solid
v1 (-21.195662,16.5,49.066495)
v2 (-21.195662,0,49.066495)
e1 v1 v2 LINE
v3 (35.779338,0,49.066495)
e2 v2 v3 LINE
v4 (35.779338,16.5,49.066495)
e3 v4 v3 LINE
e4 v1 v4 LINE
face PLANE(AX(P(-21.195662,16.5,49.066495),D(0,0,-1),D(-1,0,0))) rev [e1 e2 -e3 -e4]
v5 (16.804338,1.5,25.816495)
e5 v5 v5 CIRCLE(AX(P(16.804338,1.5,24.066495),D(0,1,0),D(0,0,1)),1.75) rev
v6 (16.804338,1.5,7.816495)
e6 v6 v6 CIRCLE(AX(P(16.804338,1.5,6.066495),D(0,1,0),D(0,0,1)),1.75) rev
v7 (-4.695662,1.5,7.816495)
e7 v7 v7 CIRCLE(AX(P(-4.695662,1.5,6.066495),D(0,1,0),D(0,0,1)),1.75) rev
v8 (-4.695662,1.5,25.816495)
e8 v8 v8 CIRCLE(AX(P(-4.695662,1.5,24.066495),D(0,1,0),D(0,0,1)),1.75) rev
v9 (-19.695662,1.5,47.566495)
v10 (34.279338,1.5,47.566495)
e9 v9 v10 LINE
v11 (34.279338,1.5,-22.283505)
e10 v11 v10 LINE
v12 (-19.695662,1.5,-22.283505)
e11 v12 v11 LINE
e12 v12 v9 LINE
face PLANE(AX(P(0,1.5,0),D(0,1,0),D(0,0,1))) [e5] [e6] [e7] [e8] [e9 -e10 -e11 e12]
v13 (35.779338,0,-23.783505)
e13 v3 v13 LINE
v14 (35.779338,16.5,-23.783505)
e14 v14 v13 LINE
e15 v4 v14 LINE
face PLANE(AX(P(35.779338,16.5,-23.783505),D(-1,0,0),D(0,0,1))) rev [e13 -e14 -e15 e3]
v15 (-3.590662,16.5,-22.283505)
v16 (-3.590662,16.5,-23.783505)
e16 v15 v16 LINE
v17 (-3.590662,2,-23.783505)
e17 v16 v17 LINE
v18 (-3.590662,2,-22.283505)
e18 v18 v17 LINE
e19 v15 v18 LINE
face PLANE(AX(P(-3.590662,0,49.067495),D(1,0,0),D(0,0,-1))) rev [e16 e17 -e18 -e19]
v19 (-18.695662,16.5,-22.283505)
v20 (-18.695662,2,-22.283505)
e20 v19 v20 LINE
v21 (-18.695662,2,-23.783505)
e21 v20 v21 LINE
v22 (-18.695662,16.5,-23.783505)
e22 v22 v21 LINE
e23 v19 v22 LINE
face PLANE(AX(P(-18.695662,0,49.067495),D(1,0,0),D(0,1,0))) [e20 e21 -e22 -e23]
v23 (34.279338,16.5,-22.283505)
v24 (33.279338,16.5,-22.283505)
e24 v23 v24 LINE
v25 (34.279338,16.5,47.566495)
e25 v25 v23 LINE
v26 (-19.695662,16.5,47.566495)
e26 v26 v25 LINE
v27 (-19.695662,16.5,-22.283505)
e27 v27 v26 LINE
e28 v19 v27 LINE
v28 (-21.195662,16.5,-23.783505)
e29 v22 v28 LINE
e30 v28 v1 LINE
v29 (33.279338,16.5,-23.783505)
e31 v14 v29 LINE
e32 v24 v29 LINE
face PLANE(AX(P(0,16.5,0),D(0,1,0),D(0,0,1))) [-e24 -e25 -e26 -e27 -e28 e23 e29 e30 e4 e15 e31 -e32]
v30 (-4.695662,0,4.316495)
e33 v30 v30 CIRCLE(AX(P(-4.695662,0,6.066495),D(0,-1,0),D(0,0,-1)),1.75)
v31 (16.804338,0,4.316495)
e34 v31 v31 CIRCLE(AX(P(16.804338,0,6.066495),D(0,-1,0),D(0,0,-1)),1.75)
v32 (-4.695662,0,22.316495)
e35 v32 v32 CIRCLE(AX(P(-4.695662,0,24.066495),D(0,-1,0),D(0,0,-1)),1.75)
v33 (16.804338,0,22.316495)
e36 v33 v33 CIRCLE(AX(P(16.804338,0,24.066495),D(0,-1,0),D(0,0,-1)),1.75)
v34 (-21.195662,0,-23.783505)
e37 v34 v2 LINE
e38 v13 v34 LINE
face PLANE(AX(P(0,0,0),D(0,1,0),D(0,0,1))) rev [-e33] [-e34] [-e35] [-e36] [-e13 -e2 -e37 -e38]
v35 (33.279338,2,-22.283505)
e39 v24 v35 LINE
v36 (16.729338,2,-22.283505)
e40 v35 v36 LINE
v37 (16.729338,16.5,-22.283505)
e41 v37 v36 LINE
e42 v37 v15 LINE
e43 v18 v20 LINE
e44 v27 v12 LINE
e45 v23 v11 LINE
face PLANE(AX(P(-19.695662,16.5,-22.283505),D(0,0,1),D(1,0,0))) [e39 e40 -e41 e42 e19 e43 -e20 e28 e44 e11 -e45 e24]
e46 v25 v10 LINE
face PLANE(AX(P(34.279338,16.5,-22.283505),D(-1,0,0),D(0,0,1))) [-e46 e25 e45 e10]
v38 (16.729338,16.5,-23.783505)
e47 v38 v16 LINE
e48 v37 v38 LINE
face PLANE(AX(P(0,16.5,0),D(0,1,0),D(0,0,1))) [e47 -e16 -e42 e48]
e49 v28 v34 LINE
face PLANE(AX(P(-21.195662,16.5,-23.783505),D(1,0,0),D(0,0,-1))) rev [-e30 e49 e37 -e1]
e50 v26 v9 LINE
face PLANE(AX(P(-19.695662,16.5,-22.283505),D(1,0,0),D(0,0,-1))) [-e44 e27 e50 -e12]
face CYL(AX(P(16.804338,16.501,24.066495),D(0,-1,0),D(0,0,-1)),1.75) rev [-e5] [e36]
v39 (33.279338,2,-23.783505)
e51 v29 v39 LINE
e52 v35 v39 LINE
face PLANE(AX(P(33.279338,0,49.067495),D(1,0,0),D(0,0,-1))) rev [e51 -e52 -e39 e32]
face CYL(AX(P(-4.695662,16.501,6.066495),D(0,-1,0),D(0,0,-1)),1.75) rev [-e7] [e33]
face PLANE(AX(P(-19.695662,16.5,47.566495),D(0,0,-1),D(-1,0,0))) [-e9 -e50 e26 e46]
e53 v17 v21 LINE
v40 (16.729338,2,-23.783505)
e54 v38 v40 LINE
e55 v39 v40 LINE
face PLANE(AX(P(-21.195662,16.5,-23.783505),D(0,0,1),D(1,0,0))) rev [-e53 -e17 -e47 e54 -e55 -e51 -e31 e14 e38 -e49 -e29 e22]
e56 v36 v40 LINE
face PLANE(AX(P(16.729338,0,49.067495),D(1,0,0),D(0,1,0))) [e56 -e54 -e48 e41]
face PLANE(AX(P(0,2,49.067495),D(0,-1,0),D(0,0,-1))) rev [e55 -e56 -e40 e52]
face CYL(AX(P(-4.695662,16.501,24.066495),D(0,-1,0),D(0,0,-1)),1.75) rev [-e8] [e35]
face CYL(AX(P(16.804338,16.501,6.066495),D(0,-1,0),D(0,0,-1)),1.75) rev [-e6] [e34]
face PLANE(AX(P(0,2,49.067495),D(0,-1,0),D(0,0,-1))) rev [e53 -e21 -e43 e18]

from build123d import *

# Parameters (mm, degrees)
SKETCH1_W           = 53.975
SKETCH1_H           = 69.85
BOSS_EXTRUDE1_DEPTH = 1.5
SKETCH1_4_W         = 56.975
SKETCH1_4_H         = 72.85
SKETCH1_4_W_2       = 53.975
SKETCH1_4_H_2       = 69.85
BOSS_EXTRUDE2_DEPTH = 16.5
CUT_EXTRUDE1_REACH  = 84.822
SKETCH2_W           = 16.55
SKETCH2_H           = 14.5
SKETCH2_W_2         = 15.105
CUT_EXTRUDE2_REACH  = 64.928
SKETCH3_R           = 1.75


with BuildPart() as part:
    # Sketch1 → Boss-Extrude1 (new body)
    with BuildSketch(Plane(origin=(0, 0, 0), x_dir=(1, 0, 0), z_dir=(0, 1, 0))):
        with Locations((7.2918379, -12.641495434)):
            Rectangle(SKETCH1_W, SKETCH1_H)
    extrude(amount=BOSS_EXTRUDE1_DEPTH)

    # Sketch1<4> → Boss-Extrude2 (add)
    with BuildSketch(Plane(origin=(0, 0, 0), x_dir=(1, 0, 0), z_dir=(0, 1, 0))):
        with Locations((7.2918379, -12.641495434)):
            Rectangle(SKETCH1_4_W, SKETCH1_4_H)
        with Locations((7.2918379, -12.641495434)):
            Rectangle(SKETCH1_4_W_2, SKETCH1_4_H_2, mode=Mode.SUBTRACT)
    extrude(amount=BOSS_EXTRUDE2_DEPTH)

    # Sketch2 → Cut-Extrude1 (cut, up to next)
    with BuildSketch(Plane(origin=(0, 0, -23.783504566), x_dir=(-1, 0, 0), z_dir=(0, 0, -1)), mode=Mode.PRIVATE) as cut_extrude1_sk1:
        with Locations((-25.0043379, 9.25)):
            Rectangle(SKETCH2_W, SKETCH2_H)
    cut_extrude1_tool1 = extrude(cut_extrude1_sk1.sketch, amount=-CUT_EXTRUDE1_REACH, mode=Mode.PRIVATE) & part.part
    # Sketch2 → Cut-Extrude1 (cut, up to next)
    with BuildSketch(Plane(origin=(0, 0, -23.783504566), x_dir=(-1, 0, 0), z_dir=(0, 0, -1)), mode=Mode.PRIVATE) as cut_extrude1_sk2:
        with Locations((11.1431621, 9.25)):
            Rectangle(SKETCH2_W_2, SKETCH2_H)
    cut_extrude1_tool2 = extrude(cut_extrude1_sk2.sketch, amount=-CUT_EXTRUDE1_REACH, mode=Mode.PRIVATE) & part.part
    add(cut_extrude1_tool1.solids().sort_by_distance((25.004338, 9.25, -23.783505))[0], mode=Mode.SUBTRACT)
    add(cut_extrude1_tool2.solids().sort_by_distance((-11.143162, 9.25, -23.783505))[0], mode=Mode.SUBTRACT)

    # Sketch3 → Cut-Extrude2 (cut, up to next)
    with BuildSketch(Plane.XZ, mode=Mode.PRIVATE) as cut_extrude2_sk1:
        with Locations((16.8043379, 24.066495434)):
            Circle(SKETCH3_R)
    cut_extrude2_tool1 = extrude(cut_extrude2_sk1.sketch, amount=-CUT_EXTRUDE2_REACH, mode=Mode.PRIVATE) & part.part
    # Sketch3 → Cut-Extrude2 (cut, up to next)
    with BuildSketch(Plane.XZ, mode=Mode.PRIVATE) as cut_extrude2_sk2:
        with Locations((-4.6956621, 24.066495434)):
            Circle(SKETCH3_R)
    cut_extrude2_tool2 = extrude(cut_extrude2_sk2.sketch, amount=-CUT_EXTRUDE2_REACH, mode=Mode.PRIVATE) & part.part
    # Sketch3 → Cut-Extrude2 (cut, up to next)
    with BuildSketch(Plane.XZ, mode=Mode.PRIVATE) as cut_extrude2_sk3:
        with Locations((16.8043379, 6.066495434)):
            Circle(SKETCH3_R)
    cut_extrude2_tool3 = extrude(cut_extrude2_sk3.sketch, amount=-CUT_EXTRUDE2_REACH, mode=Mode.PRIVATE) & part.part
    # Sketch3 → Cut-Extrude2 (cut, up to next)
    with BuildSketch(Plane.XZ, mode=Mode.PRIVATE) as cut_extrude2_sk4:
        with Locations((-4.6956621, 6.066495434)):
            Circle(SKETCH3_R)
    cut_extrude2_tool4 = extrude(cut_extrude2_sk4.sketch, amount=-CUT_EXTRUDE2_REACH, mode=Mode.PRIVATE) & part.part
    add(cut_extrude2_tool1.solids().sort_by_distance((16.804338, 0, 24.066495))[0], mode=Mode.SUBTRACT)
    add(cut_extrude2_tool2.solids().sort_by_distance((-4.695662, 0, 24.066495))[0], mode=Mode.SUBTRACT)
    add(cut_extrude2_tool3.solids().sort_by_distance((16.804338, 0, 6.066495))[0], mode=Mode.SUBTRACT)
    add(cut_extrude2_tool4.solids().sort_by_distance((-4.695662, 0, 6.066495))[0], mode=Mode.SUBTRACT)


solid = part.part
